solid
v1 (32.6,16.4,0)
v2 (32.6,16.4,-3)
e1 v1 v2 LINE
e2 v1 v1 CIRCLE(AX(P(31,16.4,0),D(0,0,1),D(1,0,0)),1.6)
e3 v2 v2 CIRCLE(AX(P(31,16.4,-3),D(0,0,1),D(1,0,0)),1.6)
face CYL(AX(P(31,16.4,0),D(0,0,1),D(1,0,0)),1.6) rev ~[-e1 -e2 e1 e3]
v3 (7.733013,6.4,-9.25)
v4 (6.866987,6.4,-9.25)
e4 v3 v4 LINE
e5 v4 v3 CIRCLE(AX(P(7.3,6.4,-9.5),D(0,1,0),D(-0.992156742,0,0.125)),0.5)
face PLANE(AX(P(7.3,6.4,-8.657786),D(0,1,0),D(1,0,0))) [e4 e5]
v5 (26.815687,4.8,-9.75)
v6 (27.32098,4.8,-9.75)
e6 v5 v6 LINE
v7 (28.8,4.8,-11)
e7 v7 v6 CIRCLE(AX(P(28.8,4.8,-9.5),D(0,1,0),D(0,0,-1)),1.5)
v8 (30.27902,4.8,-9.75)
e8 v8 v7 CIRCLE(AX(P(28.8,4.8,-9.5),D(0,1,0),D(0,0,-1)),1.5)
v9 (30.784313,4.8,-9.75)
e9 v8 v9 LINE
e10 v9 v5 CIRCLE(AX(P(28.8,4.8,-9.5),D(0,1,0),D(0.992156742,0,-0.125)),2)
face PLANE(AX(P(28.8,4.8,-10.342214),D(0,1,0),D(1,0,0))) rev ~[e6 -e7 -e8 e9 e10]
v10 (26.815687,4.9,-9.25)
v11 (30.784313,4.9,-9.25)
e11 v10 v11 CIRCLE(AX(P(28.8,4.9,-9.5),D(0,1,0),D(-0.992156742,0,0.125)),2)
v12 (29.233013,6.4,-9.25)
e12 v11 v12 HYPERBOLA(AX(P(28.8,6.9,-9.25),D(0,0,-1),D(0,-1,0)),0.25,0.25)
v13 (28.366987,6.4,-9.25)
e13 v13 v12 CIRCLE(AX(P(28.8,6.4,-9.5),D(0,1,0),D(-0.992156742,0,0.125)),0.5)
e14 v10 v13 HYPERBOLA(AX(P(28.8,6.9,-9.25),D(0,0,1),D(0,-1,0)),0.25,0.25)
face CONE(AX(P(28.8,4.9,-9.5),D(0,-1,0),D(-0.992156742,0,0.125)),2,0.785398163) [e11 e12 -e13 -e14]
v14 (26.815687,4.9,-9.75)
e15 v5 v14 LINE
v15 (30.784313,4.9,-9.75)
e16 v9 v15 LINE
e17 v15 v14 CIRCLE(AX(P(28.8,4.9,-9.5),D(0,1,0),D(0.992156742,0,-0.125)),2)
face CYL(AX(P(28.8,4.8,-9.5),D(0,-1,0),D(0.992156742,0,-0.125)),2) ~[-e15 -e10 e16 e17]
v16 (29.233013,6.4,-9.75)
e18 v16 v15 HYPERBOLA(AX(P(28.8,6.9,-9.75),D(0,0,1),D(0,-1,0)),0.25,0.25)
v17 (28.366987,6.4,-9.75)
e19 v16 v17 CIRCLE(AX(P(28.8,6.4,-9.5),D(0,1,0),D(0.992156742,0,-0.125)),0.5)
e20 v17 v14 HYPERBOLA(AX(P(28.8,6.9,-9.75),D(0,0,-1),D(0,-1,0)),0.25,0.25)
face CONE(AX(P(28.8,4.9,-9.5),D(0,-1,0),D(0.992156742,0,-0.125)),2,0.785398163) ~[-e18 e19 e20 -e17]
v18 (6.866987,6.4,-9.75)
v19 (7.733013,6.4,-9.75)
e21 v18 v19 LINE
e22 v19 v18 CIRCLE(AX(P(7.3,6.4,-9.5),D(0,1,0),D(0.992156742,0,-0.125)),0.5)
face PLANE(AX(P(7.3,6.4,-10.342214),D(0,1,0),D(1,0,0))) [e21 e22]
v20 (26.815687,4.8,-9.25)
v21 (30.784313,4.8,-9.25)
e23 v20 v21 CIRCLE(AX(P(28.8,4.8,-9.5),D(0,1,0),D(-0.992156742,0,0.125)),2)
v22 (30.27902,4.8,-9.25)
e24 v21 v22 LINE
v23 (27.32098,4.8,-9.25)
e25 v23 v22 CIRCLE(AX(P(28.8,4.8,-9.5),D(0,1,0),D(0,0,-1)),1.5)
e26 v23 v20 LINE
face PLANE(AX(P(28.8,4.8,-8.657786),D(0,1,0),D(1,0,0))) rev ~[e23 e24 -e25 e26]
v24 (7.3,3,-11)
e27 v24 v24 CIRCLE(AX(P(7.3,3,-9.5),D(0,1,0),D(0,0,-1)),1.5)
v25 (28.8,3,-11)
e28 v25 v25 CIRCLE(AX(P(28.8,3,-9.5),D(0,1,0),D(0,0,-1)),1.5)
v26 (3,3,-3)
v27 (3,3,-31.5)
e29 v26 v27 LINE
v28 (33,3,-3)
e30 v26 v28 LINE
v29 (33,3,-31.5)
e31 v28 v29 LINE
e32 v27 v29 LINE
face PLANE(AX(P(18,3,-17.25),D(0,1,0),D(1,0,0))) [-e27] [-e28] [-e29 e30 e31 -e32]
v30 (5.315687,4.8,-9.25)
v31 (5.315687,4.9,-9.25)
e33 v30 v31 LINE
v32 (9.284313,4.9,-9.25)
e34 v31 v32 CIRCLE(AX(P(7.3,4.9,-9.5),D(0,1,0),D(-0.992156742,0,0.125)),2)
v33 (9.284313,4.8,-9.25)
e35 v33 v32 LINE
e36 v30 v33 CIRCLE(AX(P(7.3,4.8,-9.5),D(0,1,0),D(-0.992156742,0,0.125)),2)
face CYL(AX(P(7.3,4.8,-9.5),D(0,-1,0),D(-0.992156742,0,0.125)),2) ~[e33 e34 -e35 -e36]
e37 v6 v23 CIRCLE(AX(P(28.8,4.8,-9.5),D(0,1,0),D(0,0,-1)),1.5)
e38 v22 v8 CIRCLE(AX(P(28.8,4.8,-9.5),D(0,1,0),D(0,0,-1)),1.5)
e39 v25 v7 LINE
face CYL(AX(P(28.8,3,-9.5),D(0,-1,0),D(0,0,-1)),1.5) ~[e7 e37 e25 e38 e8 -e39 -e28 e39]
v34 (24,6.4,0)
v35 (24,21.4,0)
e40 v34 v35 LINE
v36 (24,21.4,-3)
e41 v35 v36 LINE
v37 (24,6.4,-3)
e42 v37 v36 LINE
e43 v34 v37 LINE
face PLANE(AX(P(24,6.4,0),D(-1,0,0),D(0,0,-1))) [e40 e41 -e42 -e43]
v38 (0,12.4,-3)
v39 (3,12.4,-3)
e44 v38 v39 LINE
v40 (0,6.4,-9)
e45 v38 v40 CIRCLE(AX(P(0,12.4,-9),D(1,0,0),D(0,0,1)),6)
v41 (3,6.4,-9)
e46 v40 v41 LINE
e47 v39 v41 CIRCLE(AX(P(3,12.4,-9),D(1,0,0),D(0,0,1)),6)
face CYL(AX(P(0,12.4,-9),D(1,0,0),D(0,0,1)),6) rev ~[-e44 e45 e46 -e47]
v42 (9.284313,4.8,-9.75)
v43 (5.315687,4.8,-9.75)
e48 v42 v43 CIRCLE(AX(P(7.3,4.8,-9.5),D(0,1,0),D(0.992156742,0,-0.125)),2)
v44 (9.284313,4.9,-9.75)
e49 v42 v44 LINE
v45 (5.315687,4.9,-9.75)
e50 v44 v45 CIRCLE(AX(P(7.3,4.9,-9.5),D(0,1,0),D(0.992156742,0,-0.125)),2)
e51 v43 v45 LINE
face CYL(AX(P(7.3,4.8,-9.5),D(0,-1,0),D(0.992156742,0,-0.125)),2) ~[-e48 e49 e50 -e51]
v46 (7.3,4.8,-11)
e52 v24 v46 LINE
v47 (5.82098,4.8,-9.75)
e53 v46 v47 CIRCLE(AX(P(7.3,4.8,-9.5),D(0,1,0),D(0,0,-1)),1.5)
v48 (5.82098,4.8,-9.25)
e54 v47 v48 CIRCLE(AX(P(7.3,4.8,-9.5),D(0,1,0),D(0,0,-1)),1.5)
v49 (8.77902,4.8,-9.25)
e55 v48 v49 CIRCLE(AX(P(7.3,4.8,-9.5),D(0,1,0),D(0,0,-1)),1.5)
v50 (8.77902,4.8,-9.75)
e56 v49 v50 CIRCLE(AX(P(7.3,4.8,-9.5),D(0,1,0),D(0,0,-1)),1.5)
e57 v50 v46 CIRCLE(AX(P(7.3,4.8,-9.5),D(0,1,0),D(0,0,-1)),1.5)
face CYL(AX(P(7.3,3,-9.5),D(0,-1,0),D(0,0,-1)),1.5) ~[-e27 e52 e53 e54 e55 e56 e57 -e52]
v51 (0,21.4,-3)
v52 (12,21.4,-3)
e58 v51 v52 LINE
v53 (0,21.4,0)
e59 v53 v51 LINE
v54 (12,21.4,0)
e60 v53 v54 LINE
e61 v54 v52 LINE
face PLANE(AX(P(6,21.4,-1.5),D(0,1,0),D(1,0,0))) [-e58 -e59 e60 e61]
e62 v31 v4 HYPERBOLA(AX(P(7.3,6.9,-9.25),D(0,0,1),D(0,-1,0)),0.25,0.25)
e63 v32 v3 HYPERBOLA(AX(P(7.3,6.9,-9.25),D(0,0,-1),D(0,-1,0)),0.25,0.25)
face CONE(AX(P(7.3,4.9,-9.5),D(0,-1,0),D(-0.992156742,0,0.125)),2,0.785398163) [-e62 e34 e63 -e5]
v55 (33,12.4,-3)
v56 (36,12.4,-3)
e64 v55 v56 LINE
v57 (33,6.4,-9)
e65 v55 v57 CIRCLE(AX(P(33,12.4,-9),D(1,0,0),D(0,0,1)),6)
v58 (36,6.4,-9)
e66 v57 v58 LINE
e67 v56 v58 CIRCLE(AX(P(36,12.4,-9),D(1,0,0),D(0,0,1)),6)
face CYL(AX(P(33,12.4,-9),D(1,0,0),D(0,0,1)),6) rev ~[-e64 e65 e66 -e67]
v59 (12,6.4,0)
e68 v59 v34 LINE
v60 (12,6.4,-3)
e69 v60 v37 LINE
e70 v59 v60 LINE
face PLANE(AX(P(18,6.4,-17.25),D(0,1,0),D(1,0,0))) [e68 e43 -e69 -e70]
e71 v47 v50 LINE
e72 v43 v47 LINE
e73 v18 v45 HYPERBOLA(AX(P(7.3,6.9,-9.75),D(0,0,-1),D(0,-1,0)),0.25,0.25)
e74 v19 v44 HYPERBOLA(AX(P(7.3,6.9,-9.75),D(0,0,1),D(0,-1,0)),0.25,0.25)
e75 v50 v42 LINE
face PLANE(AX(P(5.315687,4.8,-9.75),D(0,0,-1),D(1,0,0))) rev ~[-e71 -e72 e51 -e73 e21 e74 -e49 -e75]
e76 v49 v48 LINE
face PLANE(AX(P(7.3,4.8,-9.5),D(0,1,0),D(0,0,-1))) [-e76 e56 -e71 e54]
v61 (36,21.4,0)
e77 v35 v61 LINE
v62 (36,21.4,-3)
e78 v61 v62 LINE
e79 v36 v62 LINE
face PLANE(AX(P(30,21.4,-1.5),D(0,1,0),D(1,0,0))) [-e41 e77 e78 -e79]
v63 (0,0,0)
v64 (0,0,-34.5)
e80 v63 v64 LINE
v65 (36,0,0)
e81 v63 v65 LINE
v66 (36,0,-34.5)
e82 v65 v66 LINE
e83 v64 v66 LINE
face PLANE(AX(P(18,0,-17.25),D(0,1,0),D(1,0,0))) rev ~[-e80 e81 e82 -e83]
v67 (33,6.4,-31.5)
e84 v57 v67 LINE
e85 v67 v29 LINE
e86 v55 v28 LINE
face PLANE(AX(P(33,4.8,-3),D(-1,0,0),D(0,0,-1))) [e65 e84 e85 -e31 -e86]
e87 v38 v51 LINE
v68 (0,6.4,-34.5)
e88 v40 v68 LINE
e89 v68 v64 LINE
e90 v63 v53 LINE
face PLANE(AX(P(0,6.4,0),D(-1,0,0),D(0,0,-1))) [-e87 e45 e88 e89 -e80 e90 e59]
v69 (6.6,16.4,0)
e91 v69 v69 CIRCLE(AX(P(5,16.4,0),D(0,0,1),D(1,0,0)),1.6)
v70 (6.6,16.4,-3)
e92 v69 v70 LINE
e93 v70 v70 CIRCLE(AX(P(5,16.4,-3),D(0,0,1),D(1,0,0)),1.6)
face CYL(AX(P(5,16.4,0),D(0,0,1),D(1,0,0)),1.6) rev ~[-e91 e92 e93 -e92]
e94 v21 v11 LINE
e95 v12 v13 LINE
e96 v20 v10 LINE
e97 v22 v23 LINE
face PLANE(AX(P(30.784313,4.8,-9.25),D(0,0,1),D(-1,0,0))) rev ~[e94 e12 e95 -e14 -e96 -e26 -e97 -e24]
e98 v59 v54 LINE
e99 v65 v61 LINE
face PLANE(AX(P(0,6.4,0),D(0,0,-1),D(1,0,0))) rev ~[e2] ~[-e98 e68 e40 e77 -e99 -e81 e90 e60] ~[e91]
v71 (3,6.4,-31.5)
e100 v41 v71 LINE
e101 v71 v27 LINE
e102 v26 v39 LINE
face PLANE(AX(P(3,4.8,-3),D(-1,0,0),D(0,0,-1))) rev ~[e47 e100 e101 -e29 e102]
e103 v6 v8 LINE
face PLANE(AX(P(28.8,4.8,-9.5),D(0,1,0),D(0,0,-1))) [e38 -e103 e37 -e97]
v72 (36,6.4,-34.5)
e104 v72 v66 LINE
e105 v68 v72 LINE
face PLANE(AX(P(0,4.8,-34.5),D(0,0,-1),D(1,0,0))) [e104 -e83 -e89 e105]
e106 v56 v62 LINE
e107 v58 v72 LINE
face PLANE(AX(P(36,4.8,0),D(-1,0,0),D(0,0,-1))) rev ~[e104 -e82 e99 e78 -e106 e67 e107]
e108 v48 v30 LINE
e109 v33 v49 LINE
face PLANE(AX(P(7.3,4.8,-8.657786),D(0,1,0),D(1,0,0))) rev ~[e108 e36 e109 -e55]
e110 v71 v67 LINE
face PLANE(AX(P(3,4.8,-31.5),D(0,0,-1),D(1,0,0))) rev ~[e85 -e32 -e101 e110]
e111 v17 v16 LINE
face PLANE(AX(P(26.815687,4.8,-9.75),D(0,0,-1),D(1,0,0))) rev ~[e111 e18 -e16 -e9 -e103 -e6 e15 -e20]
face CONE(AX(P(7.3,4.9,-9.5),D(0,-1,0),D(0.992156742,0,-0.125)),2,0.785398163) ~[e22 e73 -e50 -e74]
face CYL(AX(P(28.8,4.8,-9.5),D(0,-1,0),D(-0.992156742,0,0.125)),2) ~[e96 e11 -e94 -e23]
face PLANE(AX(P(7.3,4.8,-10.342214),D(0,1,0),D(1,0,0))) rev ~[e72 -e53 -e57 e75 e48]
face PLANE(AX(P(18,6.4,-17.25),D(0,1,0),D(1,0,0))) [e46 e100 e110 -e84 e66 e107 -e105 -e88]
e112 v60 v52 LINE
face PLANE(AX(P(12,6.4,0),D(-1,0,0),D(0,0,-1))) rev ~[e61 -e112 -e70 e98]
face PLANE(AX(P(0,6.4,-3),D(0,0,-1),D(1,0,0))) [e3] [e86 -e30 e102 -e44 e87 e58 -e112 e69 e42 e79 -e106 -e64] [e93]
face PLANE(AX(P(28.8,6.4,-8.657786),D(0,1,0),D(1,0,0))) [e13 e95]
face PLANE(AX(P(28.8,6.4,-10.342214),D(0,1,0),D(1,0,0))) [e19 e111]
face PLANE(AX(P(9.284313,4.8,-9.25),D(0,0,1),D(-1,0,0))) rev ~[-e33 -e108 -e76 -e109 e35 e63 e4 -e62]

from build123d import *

# Parameters (mm, degrees)
SKETCH1_W           = 36
SKETCH1_H           = 34.5
BOSS_EXTRUDE1_DEPTH = 3
SKETCH2_W           = 36
SKETCH2_H           = 34.5
SKETCH2_W_2         = 30
SKETCH2_H_2         = 28.5
SKETCH2_R           = 1.5
BOSS_EXTRUDE2_DEPTH = 1.8
SKETCH3_W           = 36
SKETCH3_H           = 34.5
SKETCH3_W_2         = 30
SKETCH3_H_2         = 28.5
BOSS_EXTRUDE3_DEPTH = 1.6
CHAMFER1_SIZE       = 1.5
SKETCH5_W           = 12
SKETCH5_H           = 3
BOSS_EXTRUDE4_DEPTH = 15
SKETCH6_R           = 1.6
CUT_EXTRUDE1_DEPTH  = 55.260575006
FILLET1_R           = 6


with BuildPart() as part:
    # Sketch1 → Boss-Extrude1 (new body)
    with BuildSketch(Plane(origin=(0, 0, 0), x_dir=(1, 0, 0), z_dir=(0, 1, 0))):
        with Locations((18, 17.25)):
            Rectangle(SKETCH1_W, SKETCH1_H)
    extrude(amount=BOSS_EXTRUDE1_DEPTH)

    # Sketch2 → Boss-Extrude2 (add)
    # profile 1 of 3: a face of its own
    with BuildSketch(Plane(origin=(0, 3, 0), x_dir=(1, 0, 0), z_dir=(0, 1, 0))):
        with Locations((18, 17.25)):
            Rectangle(SKETCH2_W, SKETCH2_H)
        with Locations((18, 17.25)):
            Rectangle(SKETCH2_W_2, SKETCH2_H_2, mode=Mode.SUBTRACT)
    # profile 2 of 3: a face of its own
    with BuildSketch(Plane(origin=(0, 3, 0), x_dir=(1, 0, 0), z_dir=(0, 1, 0))):
        with Locations(Location((7.3, 9.5, 0), (0, 0, 90))):
            Circle(SKETCH2_R)
    # profile 3 of 3: a face of its own
    with BuildSketch(Plane(origin=(0, 3, 0), x_dir=(1, 0, 0), z_dir=(0, 1, 0))):
        with Locations(Location((28.8, 9.5, 0), (0, 0, 90))):
            Circle(SKETCH2_R)
    extrude(amount=BOSS_EXTRUDE2_DEPTH)

    # Sketch3 → Boss-Extrude3 (add)
    # profile 1 of 5: a face of its own
    with BuildSketch(Plane(origin=(0, 4.8, 0), x_dir=(1, 0, 0), z_dir=(0, 1, 0))):
        with Locations((18, 17.25)):
            Rectangle(SKETCH3_W, SKETCH3_H)
        with Locations((18, 17.25)):
            Rectangle(SKETCH3_W_2, SKETCH3_H_2, mode=Mode.SUBTRACT)
    # profile 2 of 5: a face of its own
    with BuildSketch(Plane(origin=(0, 4.8, 0), x_dir=(1, 0, 0), z_dir=(0, 1, 0))):
        with BuildLine():
            ThreePointArc((30.784313483, 9.75), (28.8, 11.5), (26.815686517, 9.75))
            Line((26.815686517, 9.75), (30.784313483, 9.75))
        make_face()
    # profile 3 of 5: a face of its own
    with BuildSketch(Plane(origin=(0, 4.8, 0), x_dir=(1, 0, 0), z_dir=(0, 1, 0))):
        with BuildLine():
            ThreePointArc((26.815686517, 9.25), (28.8, 7.5), (30.784313483, 9.25))
            Line((30.784313483, 9.25), (26.815686517, 9.25))
        make_face()
    # profile 4 of 5: a face of its own
    with BuildSketch(Plane(origin=(0, 4.8, 0), x_dir=(1, 0, 0), z_dir=(0, 1, 0))):
        with BuildLine():
            ThreePointArc((9.284313483, 9.75), (7.3, 11.5), (5.315686517, 9.75))
            Line((5.315686517, 9.75), (9.284313483, 9.75))
        make_face()
    # profile 5 of 5: a face of its own
    with BuildSketch(Plane(origin=(0, 4.8, 0), x_dir=(1, 0, 0), z_dir=(0, 1, 0))):
        with BuildLine():
            ThreePointArc((5.315686517, 9.25), (7.3, 7.5), (9.284313483, 9.25))
            Line((9.284313483, 9.25), (5.315686517, 9.25))
        make_face()
    extrude(amount=BOSS_EXTRUDE3_DEPTH)

    # Chamfer1
    chamfer1_edges = [part.edges().sort_by_distance(p)[0] for p in [
        (7.3, 6.4, -11.5),
        (7.3, 6.4, -7.5),
        (28.8, 6.4, -11.5),
        (28.8, 6.4, -7.5),
    ]]
    chamfer(chamfer1_edges, length=CHAMFER1_SIZE)

    # Sketch5 → Boss-Extrude4 (add)
    with BuildSketch(Plane(origin=(0, 6.4, 0), x_dir=(1, 0, 0), z_dir=(0, 1, 0))):
        with Locations((6, 1.5)):
            Rectangle(SKETCH5_W, SKETCH5_H)
        with Locations((30, 1.5)):
            Rectangle(SKETCH5_W, SKETCH5_H)
    extrude(amount=BOSS_EXTRUDE4_DEPTH)

    # Sketch6 → Cut-Extrude1 (cut, through all)
    with BuildSketch(Plane.XY):
        with Locations((5, 16.4)):
            Circle(SKETCH6_R)
        with Locations((31, 16.4)):
            Circle(SKETCH6_R)
    extrude(amount=-CUT_EXTRUDE1_DEPTH, mode=Mode.SUBTRACT)

    # Fillet1
    fillet1_edges = [part.edges().sort_by_distance(p)[0] for p in [
        (1.5, 6.4, -3),
        (34.5, 6.4, -3),
    ]]
    fillet(fillet1_edges, radius=FILLET1_R)


solid = part.part
